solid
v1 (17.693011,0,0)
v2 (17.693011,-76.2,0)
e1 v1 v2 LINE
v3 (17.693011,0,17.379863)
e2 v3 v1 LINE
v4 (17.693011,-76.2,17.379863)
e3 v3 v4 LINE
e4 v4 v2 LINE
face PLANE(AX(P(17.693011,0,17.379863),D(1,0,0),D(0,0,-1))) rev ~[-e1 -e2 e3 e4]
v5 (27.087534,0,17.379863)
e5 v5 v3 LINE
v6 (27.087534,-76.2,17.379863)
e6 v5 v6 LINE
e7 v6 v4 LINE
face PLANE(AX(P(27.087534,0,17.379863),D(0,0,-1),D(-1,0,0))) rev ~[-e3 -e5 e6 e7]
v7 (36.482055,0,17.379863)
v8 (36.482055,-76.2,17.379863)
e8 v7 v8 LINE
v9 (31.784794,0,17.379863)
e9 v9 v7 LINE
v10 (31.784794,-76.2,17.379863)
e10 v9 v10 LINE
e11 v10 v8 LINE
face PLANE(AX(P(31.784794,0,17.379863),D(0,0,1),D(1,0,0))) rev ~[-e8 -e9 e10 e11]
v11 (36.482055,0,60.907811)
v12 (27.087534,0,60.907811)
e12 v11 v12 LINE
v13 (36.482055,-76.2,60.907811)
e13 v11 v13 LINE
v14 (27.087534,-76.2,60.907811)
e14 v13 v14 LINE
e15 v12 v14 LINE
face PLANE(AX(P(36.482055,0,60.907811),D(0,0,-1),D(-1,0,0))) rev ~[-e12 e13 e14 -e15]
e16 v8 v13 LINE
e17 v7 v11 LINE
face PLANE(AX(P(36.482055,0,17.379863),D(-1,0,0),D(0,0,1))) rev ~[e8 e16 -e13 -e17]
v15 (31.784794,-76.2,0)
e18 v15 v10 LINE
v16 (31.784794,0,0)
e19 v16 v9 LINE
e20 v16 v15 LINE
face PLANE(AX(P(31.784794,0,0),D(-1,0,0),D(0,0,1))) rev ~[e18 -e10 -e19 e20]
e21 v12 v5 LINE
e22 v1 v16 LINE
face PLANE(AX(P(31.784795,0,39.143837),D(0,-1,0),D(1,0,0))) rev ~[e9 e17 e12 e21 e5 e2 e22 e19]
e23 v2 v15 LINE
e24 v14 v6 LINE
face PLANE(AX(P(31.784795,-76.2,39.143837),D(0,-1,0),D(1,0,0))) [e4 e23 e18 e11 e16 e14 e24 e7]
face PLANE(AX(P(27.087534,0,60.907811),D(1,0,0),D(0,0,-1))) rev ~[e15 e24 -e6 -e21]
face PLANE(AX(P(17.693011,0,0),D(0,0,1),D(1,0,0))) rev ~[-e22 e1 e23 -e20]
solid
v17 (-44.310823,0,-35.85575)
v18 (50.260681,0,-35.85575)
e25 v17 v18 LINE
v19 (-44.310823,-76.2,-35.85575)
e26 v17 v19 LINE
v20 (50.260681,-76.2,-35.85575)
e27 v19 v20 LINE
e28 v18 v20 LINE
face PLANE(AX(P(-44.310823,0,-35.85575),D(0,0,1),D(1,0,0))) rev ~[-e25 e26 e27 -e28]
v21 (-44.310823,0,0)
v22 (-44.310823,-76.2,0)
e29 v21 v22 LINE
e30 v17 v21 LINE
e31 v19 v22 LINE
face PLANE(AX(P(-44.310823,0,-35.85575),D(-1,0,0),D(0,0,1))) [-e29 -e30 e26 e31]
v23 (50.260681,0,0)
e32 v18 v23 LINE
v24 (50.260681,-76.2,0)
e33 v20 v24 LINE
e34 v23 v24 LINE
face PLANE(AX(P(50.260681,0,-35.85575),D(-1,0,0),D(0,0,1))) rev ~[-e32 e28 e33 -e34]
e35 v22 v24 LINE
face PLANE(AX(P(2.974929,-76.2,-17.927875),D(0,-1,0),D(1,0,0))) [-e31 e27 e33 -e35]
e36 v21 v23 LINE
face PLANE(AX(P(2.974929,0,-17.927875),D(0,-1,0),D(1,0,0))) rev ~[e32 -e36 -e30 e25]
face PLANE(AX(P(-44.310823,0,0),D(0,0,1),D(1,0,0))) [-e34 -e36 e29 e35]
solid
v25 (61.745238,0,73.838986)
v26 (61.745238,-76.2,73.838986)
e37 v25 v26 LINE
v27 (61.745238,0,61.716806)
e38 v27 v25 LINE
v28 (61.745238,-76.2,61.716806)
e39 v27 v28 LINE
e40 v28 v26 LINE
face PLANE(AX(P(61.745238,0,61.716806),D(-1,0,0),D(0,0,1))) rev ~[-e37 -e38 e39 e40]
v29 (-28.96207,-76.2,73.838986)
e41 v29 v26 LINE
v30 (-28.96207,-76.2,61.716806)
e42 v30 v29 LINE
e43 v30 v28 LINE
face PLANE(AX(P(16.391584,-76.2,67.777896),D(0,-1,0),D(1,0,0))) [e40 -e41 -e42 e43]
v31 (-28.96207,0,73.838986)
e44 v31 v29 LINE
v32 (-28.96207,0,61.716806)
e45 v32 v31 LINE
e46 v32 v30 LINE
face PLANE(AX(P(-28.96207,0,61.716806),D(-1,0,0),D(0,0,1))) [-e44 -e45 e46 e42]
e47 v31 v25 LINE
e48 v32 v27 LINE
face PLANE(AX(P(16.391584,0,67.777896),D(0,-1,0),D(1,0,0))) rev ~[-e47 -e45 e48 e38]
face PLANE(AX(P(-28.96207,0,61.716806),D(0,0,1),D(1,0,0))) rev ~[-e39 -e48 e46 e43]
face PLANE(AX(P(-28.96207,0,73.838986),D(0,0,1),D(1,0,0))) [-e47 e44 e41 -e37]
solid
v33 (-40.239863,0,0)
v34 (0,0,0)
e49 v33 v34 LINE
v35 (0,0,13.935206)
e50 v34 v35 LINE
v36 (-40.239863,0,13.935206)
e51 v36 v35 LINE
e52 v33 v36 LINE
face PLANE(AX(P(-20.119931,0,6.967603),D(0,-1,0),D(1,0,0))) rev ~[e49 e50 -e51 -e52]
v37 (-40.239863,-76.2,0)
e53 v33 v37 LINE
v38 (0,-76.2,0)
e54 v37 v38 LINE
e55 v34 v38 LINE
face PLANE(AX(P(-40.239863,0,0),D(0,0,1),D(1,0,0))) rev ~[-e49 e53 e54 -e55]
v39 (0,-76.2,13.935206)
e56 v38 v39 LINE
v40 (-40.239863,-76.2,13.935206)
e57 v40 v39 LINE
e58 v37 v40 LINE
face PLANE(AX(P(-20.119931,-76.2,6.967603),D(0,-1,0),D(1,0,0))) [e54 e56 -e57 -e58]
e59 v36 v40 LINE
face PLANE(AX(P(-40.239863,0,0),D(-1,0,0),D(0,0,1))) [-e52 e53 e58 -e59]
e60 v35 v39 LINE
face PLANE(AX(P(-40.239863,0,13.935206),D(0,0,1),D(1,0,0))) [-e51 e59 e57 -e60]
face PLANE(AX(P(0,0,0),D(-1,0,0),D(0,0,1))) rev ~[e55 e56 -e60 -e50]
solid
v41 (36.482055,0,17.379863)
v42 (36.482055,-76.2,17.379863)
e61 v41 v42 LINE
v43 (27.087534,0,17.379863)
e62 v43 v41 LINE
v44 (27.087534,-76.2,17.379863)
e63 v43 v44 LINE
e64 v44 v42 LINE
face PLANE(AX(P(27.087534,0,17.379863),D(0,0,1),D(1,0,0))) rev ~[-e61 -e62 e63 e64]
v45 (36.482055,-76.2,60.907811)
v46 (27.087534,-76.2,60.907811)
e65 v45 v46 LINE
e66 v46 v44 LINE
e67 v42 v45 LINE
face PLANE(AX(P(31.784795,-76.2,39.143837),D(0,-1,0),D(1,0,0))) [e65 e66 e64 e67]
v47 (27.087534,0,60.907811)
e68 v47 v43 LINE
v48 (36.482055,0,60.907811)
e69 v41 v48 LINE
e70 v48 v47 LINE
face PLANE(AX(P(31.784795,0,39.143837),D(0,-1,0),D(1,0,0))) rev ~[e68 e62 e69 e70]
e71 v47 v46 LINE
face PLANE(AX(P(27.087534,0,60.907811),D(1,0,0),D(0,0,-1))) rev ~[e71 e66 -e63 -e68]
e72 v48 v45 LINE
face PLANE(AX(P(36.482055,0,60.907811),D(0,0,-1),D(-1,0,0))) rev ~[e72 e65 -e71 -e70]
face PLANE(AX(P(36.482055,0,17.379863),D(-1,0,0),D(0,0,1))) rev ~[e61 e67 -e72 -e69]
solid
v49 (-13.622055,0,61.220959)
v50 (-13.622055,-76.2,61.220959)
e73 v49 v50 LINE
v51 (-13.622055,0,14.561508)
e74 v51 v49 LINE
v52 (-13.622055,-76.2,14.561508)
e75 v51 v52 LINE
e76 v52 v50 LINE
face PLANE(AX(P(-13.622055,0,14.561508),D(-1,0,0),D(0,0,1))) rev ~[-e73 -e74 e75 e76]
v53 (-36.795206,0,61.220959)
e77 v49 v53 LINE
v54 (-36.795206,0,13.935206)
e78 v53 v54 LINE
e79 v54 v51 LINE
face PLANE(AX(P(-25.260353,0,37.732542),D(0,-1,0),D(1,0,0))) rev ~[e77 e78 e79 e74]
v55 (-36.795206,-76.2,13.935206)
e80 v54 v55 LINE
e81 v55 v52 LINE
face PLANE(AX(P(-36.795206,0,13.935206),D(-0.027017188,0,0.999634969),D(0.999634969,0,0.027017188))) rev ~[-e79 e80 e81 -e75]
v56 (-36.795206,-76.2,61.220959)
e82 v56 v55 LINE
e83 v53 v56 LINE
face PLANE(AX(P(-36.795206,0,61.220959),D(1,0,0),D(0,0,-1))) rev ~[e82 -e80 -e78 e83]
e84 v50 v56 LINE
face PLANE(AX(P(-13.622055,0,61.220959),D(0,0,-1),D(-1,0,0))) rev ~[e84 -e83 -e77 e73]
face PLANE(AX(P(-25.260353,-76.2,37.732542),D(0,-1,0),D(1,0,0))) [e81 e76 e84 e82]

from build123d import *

# Parameters (mm, degrees)
F0_W      = 94.571505
F0_H      = 35.855751
F1_DEPTH  = 76.2
F2_W      = 40.239863
F2_H      = 13.935206
F3_DEPTH  = 76.2
F5_DEPTH  = 76.2
F6_W      = 90.707308
F6_H      = 12.12218
F7_DEPTH  = 76.2
F9_DEPTH  = 76.2
F10_DEPTH = 76.2


with BuildPart() as f1:
    # F0 (on Front) → F1 (new body)
    with BuildSketch(Plane.XZ):
        with Locations((2.974929, -17.927875)):
            Rectangle(F0_W, F0_H)
    extrude(amount=F1_DEPTH)


with BuildPart() as f3:
    # F2 (on Front) → F3 (new body)
    with BuildSketch(Plane.XZ):
        with Locations((-20.119931, 6.967603)):
            Rectangle(F2_W, F2_H)
    extrude(amount=F3_DEPTH)


with BuildPart() as f5:
    # F4 (on Front) → F5 (new body)
    with BuildSketch(Plane.XZ):
        Polygon((-36.795206, 61.220959), (-36.795206, 13.935206), (-13.622055, 14.561508), (-13.622055, 61.220959), align=None)
    extrude(amount=F5_DEPTH)


with BuildPart() as f7:
    # F6 (on Front) → F7 (new body)
    with BuildSketch(Plane.XZ):
        with Locations((16.391584, 67.777896)):
            Rectangle(F6_W, F6_H)
    extrude(amount=F7_DEPTH)


with BuildPart() as f9:
    # F8 (on Front) → F9 (new body)
    with BuildSketch(Plane.XZ):
        Polygon((36.482055, 60.907811), (27.087534, 60.907811), (27.087534, 17.379863), (31.784794, 17.379863), (36.482055, 17.379863), align=None)
    extrude(amount=F9_DEPTH)


with BuildPart() as f10:
    # F8 (on Front) → F10 (new body)
    with BuildSketch(Plane.XZ):
        Polygon((36.482055, 60.907811), (27.087534, 60.907811), (27.087534, 17.379863), (31.784794, 17.379863), (36.482055, 17.379863), align=None)
        Polygon((31.784794, 17.379863), (27.087534, 17.379863), (17.693011, 17.379863), (17.693011, 0), (31.784794, 0), align=None)
    extrude(amount=F10_DEPTH)


solid = Compound([f1.part, f3.part, f5.part, f7.part, f9.part, f10.part])
